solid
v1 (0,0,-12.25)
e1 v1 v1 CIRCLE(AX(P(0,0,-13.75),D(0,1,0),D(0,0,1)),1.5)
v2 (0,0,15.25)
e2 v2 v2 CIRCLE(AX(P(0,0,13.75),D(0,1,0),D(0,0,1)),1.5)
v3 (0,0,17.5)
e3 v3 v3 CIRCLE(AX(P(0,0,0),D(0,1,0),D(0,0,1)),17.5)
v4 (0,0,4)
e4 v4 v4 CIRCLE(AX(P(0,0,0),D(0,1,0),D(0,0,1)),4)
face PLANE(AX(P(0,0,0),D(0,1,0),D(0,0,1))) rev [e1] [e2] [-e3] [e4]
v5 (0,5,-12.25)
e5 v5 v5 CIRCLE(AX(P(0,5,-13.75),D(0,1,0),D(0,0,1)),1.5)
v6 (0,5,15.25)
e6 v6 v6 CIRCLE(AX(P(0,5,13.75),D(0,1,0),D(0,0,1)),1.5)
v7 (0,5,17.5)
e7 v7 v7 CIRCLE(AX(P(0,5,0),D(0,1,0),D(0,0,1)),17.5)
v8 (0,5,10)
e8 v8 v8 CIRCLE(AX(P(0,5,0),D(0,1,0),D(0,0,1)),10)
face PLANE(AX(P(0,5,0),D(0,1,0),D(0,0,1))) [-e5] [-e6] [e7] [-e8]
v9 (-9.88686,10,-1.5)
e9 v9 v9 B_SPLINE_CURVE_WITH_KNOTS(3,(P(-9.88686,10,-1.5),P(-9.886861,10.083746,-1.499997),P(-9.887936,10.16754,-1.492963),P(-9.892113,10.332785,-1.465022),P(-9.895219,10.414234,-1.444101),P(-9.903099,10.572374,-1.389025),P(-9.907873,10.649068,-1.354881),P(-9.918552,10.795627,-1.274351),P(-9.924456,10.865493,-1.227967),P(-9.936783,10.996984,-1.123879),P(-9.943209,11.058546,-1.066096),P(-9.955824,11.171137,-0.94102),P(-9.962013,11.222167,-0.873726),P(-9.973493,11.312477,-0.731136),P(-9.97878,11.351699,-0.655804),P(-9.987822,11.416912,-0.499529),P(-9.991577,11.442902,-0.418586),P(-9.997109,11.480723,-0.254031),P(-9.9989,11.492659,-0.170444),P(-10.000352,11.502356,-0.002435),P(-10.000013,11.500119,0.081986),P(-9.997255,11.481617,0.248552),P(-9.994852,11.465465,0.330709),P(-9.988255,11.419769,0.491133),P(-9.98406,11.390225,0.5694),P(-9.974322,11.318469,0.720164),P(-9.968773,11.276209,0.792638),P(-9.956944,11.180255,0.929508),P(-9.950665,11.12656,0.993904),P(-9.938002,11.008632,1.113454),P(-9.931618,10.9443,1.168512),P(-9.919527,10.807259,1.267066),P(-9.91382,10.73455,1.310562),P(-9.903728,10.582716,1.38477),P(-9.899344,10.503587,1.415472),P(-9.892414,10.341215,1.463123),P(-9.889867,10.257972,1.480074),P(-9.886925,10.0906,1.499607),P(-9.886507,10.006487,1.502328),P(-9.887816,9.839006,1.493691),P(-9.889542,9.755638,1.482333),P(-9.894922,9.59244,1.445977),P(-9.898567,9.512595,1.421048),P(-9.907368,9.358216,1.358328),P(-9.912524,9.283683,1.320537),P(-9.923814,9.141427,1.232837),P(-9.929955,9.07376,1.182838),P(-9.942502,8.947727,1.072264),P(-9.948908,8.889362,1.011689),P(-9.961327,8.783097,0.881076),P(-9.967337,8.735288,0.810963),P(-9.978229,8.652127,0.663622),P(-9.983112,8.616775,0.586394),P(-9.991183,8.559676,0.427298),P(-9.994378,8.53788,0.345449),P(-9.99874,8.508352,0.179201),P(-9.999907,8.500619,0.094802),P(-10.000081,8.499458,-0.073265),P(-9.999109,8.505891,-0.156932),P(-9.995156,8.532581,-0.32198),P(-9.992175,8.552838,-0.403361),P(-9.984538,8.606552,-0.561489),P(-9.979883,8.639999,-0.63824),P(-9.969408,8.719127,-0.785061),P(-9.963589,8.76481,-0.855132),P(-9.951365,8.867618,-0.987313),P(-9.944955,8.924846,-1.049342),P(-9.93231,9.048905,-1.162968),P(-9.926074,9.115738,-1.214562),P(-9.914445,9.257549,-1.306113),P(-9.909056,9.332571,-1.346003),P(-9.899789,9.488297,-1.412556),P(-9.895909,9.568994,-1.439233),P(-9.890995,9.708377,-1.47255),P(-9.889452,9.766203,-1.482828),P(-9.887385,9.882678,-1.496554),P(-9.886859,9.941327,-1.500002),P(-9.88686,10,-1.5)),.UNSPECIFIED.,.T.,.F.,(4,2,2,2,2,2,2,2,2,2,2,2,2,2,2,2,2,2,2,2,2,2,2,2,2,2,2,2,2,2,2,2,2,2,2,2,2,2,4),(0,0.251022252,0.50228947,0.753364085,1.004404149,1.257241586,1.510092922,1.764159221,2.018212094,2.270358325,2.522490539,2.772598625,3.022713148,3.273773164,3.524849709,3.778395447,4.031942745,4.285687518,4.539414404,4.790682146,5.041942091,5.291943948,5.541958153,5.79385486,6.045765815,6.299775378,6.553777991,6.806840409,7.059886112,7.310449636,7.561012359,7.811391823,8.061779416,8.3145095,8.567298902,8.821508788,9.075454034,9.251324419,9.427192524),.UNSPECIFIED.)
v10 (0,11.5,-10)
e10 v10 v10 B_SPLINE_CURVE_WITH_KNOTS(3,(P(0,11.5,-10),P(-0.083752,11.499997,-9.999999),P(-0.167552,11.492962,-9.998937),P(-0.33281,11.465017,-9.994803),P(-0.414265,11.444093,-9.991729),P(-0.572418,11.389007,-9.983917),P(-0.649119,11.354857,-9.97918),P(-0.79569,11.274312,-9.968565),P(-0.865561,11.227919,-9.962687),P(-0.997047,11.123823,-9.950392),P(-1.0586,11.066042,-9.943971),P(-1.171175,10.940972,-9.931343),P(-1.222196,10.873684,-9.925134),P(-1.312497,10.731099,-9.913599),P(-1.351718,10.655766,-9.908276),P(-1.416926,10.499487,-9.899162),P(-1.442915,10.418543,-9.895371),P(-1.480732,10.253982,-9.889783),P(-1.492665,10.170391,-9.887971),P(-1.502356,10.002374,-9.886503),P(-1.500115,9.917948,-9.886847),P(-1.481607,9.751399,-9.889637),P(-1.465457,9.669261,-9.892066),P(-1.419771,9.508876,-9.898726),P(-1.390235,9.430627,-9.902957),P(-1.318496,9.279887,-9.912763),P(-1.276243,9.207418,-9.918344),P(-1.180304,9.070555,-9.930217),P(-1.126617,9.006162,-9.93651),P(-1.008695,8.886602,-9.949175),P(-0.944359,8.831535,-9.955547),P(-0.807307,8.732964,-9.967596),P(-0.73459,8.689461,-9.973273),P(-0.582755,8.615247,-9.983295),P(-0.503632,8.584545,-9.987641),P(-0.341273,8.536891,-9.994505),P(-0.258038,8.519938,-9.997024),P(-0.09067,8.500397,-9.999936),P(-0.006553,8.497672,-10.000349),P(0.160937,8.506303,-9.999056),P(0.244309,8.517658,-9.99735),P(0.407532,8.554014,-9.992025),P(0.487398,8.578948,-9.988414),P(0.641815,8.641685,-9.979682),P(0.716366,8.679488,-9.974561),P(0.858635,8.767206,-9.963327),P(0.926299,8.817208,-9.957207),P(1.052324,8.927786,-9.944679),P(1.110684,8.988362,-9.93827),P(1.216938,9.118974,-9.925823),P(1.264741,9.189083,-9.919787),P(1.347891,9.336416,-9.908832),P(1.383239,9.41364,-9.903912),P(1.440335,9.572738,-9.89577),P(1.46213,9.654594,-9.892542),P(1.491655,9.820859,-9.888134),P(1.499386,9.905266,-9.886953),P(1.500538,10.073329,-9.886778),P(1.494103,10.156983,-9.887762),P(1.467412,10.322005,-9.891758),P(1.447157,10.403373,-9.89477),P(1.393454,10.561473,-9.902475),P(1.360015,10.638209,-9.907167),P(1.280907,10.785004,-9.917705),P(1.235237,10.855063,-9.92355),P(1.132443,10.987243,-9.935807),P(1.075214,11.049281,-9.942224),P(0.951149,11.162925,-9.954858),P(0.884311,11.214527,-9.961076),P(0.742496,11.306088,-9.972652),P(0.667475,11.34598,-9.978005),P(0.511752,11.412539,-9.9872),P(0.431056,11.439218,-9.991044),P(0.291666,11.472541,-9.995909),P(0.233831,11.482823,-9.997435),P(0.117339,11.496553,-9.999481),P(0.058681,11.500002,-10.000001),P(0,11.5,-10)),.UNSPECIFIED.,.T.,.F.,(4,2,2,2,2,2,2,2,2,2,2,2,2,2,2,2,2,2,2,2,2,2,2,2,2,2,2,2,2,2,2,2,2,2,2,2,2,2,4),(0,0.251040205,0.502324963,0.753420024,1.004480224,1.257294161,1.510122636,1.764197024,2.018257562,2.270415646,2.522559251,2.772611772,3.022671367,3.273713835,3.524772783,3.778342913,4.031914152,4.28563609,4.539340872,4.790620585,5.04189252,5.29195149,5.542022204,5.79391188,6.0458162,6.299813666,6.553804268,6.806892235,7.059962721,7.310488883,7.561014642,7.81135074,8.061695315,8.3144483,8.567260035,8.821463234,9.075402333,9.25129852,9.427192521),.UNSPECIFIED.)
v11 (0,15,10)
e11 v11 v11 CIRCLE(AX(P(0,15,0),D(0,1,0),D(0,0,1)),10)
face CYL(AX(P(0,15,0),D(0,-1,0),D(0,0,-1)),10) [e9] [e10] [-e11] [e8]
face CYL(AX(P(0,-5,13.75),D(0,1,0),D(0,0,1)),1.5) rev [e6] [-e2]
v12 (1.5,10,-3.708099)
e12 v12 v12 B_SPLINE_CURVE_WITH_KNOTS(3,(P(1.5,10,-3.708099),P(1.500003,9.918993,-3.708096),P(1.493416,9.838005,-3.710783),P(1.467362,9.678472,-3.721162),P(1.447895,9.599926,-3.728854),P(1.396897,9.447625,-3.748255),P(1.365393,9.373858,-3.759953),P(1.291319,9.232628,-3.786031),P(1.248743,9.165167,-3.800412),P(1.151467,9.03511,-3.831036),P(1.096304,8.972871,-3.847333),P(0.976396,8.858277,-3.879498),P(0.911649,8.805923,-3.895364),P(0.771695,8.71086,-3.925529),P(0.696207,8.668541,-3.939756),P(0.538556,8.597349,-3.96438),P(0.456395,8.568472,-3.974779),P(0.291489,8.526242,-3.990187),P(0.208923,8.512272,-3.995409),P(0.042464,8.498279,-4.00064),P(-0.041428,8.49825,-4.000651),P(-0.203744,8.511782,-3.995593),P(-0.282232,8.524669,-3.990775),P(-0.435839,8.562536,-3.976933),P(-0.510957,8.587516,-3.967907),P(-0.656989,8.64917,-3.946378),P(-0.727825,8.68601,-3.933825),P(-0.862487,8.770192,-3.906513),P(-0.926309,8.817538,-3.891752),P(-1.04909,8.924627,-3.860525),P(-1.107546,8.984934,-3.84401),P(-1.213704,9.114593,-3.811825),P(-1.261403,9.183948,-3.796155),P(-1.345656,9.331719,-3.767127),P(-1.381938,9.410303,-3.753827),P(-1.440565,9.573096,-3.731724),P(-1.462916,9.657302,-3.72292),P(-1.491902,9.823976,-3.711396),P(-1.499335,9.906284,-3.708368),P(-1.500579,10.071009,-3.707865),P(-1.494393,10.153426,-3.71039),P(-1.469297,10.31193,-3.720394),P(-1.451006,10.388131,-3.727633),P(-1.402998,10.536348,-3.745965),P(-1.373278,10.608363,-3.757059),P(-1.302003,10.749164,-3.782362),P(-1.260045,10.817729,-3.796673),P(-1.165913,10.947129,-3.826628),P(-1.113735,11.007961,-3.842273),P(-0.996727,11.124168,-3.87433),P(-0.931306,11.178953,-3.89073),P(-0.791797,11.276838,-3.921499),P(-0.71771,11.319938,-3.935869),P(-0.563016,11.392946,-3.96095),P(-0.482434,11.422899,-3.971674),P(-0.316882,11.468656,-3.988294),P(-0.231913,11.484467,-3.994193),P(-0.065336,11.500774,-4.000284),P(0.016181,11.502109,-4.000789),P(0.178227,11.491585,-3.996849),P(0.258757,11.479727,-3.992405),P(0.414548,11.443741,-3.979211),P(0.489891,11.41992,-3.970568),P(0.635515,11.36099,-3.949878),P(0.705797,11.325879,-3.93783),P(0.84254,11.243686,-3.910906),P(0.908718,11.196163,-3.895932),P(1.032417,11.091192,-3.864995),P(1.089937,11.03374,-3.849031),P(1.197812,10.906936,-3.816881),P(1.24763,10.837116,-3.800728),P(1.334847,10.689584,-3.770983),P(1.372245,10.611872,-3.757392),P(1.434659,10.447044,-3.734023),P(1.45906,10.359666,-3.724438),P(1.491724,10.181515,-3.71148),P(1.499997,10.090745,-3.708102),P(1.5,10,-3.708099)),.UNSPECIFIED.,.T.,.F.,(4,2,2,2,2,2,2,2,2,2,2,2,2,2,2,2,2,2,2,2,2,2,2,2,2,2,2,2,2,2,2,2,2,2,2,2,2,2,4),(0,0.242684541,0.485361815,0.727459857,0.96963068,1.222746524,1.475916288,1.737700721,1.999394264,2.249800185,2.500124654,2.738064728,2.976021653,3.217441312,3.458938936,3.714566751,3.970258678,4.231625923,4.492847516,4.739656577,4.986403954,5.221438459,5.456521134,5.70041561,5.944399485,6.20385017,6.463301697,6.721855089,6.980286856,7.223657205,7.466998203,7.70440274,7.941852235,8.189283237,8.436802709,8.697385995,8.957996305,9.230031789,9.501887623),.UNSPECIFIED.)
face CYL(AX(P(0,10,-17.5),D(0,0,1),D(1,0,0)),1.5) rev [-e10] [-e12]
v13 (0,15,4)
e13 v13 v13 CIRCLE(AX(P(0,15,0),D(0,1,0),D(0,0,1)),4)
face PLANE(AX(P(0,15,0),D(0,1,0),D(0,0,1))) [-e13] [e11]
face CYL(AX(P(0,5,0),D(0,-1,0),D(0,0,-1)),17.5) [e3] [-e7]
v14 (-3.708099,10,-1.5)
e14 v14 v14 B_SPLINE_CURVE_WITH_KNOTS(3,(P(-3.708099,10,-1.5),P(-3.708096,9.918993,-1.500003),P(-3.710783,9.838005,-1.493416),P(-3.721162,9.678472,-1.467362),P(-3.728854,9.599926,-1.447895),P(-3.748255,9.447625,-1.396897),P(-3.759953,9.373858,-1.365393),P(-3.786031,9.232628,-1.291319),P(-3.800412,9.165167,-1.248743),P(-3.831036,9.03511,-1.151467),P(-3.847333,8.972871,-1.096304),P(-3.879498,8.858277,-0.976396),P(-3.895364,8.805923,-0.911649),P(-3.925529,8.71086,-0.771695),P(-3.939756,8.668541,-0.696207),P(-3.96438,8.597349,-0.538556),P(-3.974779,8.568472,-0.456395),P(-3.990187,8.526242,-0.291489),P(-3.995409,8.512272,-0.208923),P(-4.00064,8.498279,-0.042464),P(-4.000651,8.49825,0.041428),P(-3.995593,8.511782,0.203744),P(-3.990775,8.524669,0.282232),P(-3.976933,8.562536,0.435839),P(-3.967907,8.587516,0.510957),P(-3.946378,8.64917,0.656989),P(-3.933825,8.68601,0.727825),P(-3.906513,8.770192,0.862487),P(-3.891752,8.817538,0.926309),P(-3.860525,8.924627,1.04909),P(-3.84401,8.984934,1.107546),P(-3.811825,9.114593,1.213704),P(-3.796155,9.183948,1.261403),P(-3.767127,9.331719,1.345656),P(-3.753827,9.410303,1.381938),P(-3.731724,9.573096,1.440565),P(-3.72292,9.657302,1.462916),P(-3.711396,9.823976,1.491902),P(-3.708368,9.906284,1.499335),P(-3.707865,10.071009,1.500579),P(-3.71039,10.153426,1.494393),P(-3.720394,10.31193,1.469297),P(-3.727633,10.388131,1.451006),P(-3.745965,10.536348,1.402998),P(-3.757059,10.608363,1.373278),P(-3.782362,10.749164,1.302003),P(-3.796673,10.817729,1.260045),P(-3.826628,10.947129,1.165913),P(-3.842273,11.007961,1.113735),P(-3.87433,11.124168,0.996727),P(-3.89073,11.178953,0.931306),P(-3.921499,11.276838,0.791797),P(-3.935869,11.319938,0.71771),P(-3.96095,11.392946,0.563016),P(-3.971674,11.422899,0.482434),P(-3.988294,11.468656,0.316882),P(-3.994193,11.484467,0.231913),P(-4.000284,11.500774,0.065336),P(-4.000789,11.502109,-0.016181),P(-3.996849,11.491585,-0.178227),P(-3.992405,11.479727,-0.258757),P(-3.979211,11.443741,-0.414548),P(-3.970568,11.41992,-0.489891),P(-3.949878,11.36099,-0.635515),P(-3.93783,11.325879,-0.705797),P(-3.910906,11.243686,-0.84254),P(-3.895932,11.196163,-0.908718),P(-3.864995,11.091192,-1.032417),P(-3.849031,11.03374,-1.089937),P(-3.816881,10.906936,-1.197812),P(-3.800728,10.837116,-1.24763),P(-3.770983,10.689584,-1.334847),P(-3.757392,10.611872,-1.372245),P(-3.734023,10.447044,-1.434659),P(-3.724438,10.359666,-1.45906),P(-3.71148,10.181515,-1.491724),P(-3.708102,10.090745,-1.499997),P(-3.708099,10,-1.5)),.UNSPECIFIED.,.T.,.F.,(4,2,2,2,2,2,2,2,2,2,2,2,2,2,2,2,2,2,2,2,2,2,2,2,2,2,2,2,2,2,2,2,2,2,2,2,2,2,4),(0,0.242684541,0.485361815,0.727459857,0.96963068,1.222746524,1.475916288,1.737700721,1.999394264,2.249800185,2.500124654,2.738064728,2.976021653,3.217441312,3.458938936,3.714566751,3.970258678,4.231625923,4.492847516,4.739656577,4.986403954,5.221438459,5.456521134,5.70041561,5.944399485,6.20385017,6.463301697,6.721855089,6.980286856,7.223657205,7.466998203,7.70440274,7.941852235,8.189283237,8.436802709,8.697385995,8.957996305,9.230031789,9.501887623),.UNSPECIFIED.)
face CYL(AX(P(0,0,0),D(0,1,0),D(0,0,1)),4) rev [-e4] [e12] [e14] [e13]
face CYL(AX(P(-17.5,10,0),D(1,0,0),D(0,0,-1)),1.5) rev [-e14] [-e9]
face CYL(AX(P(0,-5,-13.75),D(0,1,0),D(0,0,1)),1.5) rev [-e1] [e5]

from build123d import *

# Parameters (mm, degrees)
ESBO_O1_R                = 17.5
RESSALTO_EXTRUS_O1_DEPTH = 5
ESBO_O2_R                = 10
RESSALTO_EXTRUS_O2_DEPTH = 10
ESBO_O3_R                = 4
CORTE_EXTRUS_O1_DEPTH    = 16
ESBO_O4_R                = 1.5
CORTE_EXTRUS_O2_DEPTH    = 10
ESBO_O5_R                = 1.5
CORTE_EXTRUS_O3_DEPTH    = 18.5
ESBO_O6_R                = 1.5
CORTE_EXTRUS_O4_DEPTH    = 18.5


with BuildPart() as part:
    # Esboço1 → Ressalto-extrusão1 (new body)
    with BuildSketch(Plane(origin=(0, 0, 0), x_dir=(1, 0, 0), z_dir=(0, 1, 0))):
        Circle(ESBO_O1_R)
    extrude(amount=RESSALTO_EXTRUS_O1_DEPTH)

    # Esboço2 → Ressalto-extrusão2 (add)
    with BuildSketch(Plane(origin=(0, 5, 0), x_dir=(1, 0, 0), z_dir=(0, 1, 0))):
        Circle(ESBO_O2_R)
    extrude(amount=RESSALTO_EXTRUS_O2_DEPTH)

    # Esboço3 → Corte-extrusão1 (cut, through all)
    with BuildSketch(Plane(origin=(0, 15, 0), x_dir=(1, 0, 0), z_dir=(0, 1, 0))):
        Circle(ESBO_O3_R)
    extrude(amount=-CORTE_EXTRUS_O1_DEPTH, mode=Mode.SUBTRACT)

    # Esboço4 → Corte-extrusão2 (cut)
    with BuildSketch(Plane(origin=(0, 5, 0), x_dir=(1, 0, 0), z_dir=(0, 1, 0))):
        with Locations((0, 13.75)):
            Circle(ESBO_O4_R)
        with Locations((0, -13.75)):
            Circle(ESBO_O4_R)
    extrude(amount=-CORTE_EXTRUS_O2_DEPTH, mode=Mode.SUBTRACT)

    # Esboço5 → Corte-extrusão3 (cut, through all)
    with BuildSketch(Plane.XY):
        with Locations((0, 10)):
            Circle(ESBO_O5_R)
    extrude(amount=-CORTE_EXTRUS_O3_DEPTH, mode=Mode.SUBTRACT)

    # Esboço6 → Corte-extrusão4 (cut, through all)
    with BuildSketch(Plane(origin=(0, 0, 0), x_dir=(0, 0, -1), z_dir=(1, 0, 0))):
        with Locations((0, 10)):
            Circle(ESBO_O6_R)
    extrude(amount=-CORTE_EXTRUS_O4_DEPTH, mode=Mode.SUBTRACT)


solid = part.part
